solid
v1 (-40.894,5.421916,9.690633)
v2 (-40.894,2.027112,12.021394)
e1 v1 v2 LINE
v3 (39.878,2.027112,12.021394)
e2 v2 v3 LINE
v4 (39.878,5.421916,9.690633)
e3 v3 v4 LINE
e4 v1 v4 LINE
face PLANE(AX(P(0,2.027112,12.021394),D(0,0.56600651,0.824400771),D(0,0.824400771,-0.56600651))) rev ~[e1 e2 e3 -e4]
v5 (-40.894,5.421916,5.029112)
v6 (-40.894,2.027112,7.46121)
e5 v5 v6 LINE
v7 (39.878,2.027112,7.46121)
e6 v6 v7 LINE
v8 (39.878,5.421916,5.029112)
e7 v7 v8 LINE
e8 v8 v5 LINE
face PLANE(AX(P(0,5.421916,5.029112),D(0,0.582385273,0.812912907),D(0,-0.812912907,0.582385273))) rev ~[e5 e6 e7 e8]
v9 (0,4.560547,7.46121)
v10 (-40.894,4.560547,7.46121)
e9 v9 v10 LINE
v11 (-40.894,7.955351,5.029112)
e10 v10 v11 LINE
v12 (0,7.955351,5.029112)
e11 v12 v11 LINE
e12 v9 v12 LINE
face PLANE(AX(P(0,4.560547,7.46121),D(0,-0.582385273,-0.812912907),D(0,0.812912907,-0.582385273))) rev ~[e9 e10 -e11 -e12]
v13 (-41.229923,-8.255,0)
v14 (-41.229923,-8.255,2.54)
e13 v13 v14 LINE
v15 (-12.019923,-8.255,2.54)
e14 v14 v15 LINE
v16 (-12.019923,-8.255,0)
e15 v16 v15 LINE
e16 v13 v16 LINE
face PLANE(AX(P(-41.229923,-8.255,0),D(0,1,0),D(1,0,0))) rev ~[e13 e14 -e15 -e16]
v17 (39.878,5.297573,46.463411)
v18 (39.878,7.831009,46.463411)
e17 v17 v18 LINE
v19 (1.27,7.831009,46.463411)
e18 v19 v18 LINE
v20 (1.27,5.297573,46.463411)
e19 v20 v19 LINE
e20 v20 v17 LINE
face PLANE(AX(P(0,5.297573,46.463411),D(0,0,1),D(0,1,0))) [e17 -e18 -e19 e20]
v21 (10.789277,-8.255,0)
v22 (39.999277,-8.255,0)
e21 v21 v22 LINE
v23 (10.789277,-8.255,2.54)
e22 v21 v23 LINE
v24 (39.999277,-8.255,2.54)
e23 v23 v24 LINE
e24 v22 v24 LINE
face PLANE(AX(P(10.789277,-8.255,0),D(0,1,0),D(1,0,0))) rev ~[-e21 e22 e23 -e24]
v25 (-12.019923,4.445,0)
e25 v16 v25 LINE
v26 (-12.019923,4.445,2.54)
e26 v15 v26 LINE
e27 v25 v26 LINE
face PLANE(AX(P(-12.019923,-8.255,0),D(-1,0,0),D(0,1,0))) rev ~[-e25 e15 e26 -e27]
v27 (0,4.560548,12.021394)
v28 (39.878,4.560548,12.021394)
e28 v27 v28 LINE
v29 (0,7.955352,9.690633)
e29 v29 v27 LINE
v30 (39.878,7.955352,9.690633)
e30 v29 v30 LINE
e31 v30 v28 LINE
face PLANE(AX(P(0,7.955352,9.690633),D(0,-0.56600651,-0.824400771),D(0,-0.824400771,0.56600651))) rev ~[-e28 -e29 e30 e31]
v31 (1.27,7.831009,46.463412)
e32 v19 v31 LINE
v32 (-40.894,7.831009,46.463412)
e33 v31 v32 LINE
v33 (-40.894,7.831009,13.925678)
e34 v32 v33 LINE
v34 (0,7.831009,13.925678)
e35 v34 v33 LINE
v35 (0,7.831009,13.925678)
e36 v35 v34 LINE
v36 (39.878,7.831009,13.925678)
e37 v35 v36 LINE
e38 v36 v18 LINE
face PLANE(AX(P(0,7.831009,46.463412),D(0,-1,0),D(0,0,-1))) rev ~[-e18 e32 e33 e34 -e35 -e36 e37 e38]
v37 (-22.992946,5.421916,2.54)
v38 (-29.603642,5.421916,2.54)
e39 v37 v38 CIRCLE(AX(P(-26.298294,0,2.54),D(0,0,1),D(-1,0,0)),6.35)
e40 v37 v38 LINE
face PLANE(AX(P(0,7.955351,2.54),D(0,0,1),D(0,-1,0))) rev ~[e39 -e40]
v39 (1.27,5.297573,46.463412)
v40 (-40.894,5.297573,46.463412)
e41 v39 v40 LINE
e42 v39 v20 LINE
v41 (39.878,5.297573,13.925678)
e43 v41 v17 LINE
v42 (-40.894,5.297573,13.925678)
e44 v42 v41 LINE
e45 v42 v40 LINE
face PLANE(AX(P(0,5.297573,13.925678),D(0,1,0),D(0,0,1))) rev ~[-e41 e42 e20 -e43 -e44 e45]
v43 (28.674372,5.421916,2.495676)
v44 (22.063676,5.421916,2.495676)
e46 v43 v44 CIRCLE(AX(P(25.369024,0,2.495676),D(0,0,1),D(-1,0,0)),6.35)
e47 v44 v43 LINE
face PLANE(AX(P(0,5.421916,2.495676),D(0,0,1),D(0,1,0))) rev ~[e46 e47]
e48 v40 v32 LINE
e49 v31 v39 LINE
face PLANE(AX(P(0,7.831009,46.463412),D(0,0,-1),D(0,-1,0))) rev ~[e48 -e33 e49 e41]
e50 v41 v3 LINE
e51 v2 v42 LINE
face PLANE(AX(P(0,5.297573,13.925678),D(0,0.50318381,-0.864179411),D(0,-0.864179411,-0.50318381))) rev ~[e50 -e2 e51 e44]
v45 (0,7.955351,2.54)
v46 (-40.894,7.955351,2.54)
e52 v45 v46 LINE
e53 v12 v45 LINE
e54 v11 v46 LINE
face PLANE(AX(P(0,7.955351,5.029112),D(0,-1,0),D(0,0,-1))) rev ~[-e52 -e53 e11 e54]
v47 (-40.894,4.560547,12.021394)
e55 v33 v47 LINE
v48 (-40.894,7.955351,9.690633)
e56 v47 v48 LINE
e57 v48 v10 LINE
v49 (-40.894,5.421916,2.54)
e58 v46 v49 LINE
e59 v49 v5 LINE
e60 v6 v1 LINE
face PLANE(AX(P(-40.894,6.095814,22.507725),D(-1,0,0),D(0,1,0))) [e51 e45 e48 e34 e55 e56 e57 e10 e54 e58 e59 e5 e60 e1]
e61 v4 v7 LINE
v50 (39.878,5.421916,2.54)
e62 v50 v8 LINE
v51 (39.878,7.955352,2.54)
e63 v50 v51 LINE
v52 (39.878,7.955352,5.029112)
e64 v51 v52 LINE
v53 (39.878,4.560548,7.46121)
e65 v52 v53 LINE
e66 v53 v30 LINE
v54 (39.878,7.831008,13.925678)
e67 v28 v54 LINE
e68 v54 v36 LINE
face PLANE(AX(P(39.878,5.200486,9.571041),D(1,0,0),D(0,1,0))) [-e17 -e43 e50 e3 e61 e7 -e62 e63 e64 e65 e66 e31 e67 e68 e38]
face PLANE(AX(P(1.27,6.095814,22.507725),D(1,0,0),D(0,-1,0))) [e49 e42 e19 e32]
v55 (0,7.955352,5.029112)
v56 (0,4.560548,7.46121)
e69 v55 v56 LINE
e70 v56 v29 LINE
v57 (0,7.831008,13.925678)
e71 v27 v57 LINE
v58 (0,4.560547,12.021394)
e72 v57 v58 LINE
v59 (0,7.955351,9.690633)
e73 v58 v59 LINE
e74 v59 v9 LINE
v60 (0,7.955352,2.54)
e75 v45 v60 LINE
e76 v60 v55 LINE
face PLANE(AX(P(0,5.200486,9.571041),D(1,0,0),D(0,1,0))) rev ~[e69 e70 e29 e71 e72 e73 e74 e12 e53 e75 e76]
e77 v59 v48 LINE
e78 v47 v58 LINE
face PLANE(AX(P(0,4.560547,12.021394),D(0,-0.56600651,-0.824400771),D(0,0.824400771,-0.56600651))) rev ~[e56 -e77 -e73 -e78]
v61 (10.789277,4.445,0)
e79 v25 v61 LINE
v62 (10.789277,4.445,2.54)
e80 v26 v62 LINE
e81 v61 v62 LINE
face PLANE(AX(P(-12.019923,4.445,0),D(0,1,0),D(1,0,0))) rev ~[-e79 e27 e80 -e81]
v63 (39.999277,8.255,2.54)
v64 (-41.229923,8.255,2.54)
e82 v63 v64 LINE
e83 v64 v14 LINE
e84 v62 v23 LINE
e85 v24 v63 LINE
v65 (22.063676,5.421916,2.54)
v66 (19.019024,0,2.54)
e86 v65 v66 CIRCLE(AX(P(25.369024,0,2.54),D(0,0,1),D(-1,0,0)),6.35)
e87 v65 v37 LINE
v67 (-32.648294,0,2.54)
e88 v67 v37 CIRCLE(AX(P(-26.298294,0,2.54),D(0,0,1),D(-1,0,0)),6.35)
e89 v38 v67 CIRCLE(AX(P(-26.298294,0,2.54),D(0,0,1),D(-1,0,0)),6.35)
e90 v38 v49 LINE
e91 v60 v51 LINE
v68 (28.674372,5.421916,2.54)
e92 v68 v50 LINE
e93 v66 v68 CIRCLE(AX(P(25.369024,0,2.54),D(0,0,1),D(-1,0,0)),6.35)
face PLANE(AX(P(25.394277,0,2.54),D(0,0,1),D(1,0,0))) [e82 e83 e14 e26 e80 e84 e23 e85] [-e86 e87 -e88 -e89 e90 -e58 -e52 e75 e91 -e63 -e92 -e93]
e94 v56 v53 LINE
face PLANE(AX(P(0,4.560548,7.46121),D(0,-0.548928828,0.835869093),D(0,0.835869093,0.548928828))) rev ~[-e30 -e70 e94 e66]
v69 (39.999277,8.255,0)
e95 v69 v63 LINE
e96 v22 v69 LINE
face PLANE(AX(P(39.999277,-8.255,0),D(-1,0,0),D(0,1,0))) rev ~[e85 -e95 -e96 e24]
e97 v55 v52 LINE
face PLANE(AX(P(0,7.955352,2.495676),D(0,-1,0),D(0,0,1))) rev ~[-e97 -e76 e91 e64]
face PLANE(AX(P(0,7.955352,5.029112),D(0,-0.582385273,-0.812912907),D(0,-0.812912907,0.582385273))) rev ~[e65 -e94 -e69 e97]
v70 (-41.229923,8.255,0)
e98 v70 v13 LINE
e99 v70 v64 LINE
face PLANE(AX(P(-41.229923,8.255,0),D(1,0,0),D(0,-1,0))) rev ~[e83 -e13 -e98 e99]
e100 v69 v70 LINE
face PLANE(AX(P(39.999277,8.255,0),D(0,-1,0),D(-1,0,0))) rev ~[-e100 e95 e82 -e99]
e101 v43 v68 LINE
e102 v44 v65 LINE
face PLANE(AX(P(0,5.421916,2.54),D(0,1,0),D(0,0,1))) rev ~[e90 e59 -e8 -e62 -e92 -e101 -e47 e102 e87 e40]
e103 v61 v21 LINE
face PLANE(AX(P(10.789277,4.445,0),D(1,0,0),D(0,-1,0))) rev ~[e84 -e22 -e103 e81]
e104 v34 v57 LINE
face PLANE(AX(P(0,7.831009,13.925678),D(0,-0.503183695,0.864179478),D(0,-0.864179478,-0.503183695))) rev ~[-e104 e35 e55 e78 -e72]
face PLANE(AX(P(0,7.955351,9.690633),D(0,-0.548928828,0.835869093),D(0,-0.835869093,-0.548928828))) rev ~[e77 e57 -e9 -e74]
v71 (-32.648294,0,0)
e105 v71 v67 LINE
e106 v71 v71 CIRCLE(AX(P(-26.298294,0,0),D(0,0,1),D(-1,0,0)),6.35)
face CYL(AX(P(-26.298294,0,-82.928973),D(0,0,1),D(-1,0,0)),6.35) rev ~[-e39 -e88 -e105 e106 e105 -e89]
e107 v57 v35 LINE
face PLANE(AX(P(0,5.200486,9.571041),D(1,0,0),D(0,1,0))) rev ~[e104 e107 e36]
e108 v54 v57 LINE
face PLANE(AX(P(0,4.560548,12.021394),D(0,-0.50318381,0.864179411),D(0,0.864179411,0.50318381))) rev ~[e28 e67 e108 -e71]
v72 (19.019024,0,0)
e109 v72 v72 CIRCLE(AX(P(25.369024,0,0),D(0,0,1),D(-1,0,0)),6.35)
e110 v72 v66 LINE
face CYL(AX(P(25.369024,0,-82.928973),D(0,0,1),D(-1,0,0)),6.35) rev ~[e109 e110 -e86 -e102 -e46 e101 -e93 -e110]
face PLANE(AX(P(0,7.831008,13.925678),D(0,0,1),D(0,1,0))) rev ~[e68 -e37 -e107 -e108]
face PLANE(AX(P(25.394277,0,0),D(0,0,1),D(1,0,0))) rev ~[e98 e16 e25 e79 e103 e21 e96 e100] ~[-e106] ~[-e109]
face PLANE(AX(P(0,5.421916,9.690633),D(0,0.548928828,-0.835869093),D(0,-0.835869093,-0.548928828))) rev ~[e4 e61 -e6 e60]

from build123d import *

# Parameters (mm, degrees)
F0_W     = 22.8092
F0_H     = 3.81
F1_DEPTH = 2.54
F3_D     = 12.7
F4_W     = 2.533436
F4_H     = 32.537733
F4_H_2   = 2.533436
F5_DEPTH = 39.878
F6_DEPTH = 40.894
F7_DEPTH = 2.54
F8_DEPTH = 1.27


with BuildPart() as f1:
    # F0 (on Top) → F1 (new body)
    with BuildSketch(Plane.XY):
        Polygon((39.999277, -8.255), (39.999277, 8.255), (10.789277, 8.255), (10.789277, 4.445), (10.789277, -8.255), align=None)
        with Locations((-0.615323, 6.35)):
            Rectangle(F0_W, F0_H)
        Polygon((-12.019923, 4.445), (-12.019923, 8.255), (-41.229923, 8.255), (-41.229923, -8.255), (-12.019923, -8.255), align=None)
    extrude(amount=F1_DEPTH)

    # F3 (through all)
    with Locations(Plane(origin=(0, 0, 0), x_dir=(1, 0, 0), z_dir=(0, 0, -1))):
        with Locations((-26.298294, 0), (25.369024, 0)):
            Hole(F3_D / 2)

    # F4 (on Right) → F5 (join)
    with BuildSketch(Plane.YZ):
        Polygon((4.560548, 12.021394), (7.831009, 13.925678), (5.297573, 13.925678), (2.027112, 12.021394), (5.421916, 9.690633), (2.027112, 7.46121), (5.421916, 5.029112), (7.955352, 5.029112), (4.560548, 7.46121), (7.955352, 9.690633), align=None)
        with Locations((6.564291, 30.194544)):
            Rectangle(F4_W, F4_H)
        with Locations((6.688634, 3.762394)):
            Rectangle(F4_W, F4_H_2)
    extrude(amount=F5_DEPTH)

    # F5_face (on face) → F6 (join)
    with BuildSketch(Plane(origin=(0, 6.250023, 24.501706), x_dir=(0, 1, 0), z_dir=(-1, 0, 0))):
        Polygon((-1.689476, 12.480312), (1.705328, 14.811073), (-1.689476, 17.040496), (1.705328, 19.472594), (1.705328, 21.961706), (-0.828107, 21.961706), (-0.828107, 19.472594), (-4.222911, 17.040496), (-0.828107, 14.811073), (-4.222911, 12.480312), (-0.95245, 10.576028), (-0.95245, -21.961706), (1.580986, -21.961706), (1.580986, 10.576028), align=None)
    extrude(amount=F6_DEPTH)

    # F6_face (on face) → F7 (join)
    with BuildSketch(Plane(origin=(-40.894, 6.250023, 24.501706), x_dir=(0, 1, 0), z_dir=(-1, 0, 0))):
        Polygon((-0.95245, 10.576028), (-0.95245, -21.961706), (1.580986, -21.961706), (1.580986, 10.576028), (-1.689476, 12.480312), (1.705328, 14.811073), (-1.689476, 17.040496), (1.705328, 19.472594), (1.705328, 21.961706), (-0.828107, 21.961706), (-0.828107, 19.472594), (-4.222911, 17.040496), (-0.828107, 14.811073), (-4.222911, 12.480312), align=None)
    extrude(amount=-F7_DEPTH)

    # F5_face (on face) → F8 (join)
    with BuildSketch(Plane(origin=(0, 6.250023, 24.501706), x_dir=(0, 1, 0), z_dir=(-1, 0, 0))):
        Polygon((1.705328, 14.811073), (-1.689476, 12.480312), (1.580986, 10.576028), (1.580986, -21.961706), (-0.95245, -21.961706), (-0.95245, 10.576028), (-4.222911, 12.480312), (-0.828107, 14.811073), (-4.222911, 17.040496), (-0.828107, 19.472594), (-0.828107, 21.961706), (1.705328, 21.961706), (1.705328, 19.472594), (-1.689476, 17.040496), align=None)
    extrude(amount=-F8_DEPTH)


solid = f1.part
